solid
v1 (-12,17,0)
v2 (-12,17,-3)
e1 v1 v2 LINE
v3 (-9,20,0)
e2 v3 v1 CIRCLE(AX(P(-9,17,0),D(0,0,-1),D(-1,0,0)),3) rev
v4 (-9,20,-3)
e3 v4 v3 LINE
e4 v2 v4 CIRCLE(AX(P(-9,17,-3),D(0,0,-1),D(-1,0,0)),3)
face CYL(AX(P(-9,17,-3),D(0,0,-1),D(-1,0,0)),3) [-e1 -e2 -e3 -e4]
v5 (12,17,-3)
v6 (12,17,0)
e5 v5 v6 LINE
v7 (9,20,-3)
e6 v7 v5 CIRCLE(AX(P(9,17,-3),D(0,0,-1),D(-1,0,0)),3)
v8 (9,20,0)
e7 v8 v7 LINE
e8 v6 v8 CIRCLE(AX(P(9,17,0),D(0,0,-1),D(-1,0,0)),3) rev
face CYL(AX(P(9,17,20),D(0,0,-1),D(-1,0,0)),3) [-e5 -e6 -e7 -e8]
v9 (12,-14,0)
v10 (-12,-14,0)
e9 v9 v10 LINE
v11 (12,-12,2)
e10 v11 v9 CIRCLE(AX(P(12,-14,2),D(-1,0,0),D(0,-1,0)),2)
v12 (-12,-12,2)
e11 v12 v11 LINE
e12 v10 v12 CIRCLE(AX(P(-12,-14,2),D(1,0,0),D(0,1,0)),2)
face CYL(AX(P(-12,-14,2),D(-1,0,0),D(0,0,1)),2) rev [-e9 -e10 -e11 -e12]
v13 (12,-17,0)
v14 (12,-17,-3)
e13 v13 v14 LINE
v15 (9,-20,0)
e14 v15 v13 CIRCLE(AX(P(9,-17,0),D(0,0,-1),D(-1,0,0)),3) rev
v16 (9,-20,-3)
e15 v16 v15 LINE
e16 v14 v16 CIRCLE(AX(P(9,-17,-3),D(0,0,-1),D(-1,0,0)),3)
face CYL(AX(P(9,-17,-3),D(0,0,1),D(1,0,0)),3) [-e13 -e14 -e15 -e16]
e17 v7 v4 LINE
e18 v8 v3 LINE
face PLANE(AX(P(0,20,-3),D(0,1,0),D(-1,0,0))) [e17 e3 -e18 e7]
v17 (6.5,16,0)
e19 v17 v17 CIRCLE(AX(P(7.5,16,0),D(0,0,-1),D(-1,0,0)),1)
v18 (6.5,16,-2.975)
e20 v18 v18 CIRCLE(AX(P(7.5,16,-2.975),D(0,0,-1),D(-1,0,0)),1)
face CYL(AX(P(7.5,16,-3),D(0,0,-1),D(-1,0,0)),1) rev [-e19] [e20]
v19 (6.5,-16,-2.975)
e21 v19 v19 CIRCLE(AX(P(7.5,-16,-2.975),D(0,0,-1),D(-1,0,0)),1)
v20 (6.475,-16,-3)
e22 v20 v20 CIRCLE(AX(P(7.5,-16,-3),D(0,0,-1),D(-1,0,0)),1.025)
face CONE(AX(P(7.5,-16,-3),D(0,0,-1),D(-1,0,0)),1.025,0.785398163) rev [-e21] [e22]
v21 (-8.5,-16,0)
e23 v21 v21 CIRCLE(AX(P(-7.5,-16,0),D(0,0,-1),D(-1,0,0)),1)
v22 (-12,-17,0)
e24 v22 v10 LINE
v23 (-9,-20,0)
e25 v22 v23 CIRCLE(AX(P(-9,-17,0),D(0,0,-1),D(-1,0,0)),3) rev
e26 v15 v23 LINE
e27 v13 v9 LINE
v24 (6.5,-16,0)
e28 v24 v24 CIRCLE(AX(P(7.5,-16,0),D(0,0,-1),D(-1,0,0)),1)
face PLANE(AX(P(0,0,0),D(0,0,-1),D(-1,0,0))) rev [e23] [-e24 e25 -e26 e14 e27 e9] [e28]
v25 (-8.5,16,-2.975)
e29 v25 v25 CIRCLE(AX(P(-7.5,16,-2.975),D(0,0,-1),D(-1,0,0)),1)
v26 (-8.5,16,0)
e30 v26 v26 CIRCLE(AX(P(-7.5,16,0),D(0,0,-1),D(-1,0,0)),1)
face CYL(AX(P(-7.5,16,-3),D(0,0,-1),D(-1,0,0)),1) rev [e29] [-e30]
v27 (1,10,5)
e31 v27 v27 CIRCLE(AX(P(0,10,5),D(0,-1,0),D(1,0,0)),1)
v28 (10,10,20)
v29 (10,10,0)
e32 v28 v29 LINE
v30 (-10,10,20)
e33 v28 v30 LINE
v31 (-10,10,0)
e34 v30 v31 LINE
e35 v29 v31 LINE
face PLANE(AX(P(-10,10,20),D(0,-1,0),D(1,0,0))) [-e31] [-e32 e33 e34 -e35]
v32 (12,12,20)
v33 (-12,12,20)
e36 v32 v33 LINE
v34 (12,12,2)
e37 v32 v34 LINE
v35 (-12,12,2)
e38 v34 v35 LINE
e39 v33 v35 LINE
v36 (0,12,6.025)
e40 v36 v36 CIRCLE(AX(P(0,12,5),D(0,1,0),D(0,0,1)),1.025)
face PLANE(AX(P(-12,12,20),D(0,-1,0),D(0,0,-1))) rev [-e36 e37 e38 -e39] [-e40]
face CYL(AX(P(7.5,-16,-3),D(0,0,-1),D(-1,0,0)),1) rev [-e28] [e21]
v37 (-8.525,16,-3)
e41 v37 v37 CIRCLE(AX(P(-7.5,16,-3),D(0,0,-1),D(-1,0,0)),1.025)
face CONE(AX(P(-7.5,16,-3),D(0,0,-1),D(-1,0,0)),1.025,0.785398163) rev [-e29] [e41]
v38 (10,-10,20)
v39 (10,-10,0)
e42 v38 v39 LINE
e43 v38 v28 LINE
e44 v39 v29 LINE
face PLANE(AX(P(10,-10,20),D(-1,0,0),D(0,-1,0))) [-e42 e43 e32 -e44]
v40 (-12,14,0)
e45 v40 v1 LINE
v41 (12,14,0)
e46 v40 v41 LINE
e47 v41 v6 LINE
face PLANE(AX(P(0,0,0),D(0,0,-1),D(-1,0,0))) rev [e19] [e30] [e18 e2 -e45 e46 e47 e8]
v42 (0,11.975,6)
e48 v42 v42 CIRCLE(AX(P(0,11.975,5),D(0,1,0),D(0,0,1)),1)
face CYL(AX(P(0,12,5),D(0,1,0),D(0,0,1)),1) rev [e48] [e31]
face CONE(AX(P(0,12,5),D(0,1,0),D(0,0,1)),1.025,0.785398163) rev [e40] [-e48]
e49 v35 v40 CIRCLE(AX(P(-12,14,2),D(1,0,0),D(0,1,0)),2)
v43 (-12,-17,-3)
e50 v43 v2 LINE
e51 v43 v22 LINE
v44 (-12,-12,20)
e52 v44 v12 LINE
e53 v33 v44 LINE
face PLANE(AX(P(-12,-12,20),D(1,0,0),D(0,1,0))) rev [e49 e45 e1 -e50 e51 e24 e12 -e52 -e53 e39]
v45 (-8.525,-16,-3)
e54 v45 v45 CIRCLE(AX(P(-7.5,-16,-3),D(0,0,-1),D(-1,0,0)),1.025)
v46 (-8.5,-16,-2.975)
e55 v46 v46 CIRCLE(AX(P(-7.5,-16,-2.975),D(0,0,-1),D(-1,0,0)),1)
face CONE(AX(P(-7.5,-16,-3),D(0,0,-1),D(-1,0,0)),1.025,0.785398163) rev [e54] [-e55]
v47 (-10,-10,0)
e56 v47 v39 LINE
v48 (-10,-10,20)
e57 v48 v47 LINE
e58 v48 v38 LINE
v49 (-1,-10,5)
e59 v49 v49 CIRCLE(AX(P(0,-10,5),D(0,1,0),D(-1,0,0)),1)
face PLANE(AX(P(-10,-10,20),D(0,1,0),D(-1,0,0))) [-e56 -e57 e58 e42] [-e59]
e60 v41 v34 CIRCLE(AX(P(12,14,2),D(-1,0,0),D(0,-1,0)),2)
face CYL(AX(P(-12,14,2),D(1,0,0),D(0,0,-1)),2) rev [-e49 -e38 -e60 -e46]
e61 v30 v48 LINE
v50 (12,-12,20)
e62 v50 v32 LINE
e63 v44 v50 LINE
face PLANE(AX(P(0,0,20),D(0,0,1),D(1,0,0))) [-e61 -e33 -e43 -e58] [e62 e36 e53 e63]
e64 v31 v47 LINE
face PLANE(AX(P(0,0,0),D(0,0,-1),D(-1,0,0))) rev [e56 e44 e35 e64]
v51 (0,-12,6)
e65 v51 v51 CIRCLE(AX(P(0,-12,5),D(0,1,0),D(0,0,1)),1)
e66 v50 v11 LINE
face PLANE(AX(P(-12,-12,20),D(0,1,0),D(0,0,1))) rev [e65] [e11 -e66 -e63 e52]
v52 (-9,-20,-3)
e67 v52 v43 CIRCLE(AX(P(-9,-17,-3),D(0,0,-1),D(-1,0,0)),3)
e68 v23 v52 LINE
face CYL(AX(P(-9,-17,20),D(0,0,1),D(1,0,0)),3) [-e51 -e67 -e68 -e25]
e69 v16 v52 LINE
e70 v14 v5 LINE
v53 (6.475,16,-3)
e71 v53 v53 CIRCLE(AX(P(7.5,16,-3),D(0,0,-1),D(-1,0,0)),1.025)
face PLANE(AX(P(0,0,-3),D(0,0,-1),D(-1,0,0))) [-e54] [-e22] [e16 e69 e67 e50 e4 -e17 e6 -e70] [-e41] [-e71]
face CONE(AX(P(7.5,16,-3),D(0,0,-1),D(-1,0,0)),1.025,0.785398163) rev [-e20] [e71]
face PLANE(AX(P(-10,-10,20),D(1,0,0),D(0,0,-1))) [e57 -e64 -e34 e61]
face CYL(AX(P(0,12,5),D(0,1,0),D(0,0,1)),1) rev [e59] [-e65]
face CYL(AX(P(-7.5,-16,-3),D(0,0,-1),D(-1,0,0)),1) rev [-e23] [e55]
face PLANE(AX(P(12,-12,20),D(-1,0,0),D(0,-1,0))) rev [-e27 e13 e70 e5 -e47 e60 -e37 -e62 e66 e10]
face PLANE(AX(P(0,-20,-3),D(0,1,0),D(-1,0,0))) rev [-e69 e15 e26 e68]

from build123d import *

# Parameters (mm, degrees)
SKETCH1_W                       = 24
SKETCH1_H                       = 24
SKETCH1_W_2                     = 20
SKETCH1_H_2                     = 20
BOSS_EXTRUDE1_DEPTH             = 20
SKETCH2_W                       = 24
SKETCH2_H                       = 8
SKETCH2_H_2                     = 24
SKETCH2_W_2                     = 20
SKETCH2_H_3                     = 20
BOSS_EXTRUDE2_DEPTH             = 3
F_2_0MM_DOWEL_HOLE1_D           = 2
F_2_0MM_DOWEL_HOLE1_CSINK_D     = 2.05
F_2_0MM_DOWEL_HOLE1_CSINK_ANGLE = 90
F_2_0MM_DOWEL_HOLE2_D           = 2
F_2_0MM_DOWEL_HOLE2_CSINK_D     = 2.05
F_2_0MM_DOWEL_HOLE2_CSINK_ANGLE = 90
FILLET1_R                       = 3
FILLET2_R                       = 2


with BuildPart() as part:
    # Sketch1 → Boss-Extrude1 (new body)
    with BuildSketch(Plane(origin=(0, 0, 0), x_dir=(0, 1, 0), z_dir=(0, 0, 1))):
        Rectangle(SKETCH1_W, SKETCH1_H)
        Rectangle(SKETCH1_W_2, SKETCH1_H_2, mode=Mode.SUBTRACT)
    extrude(amount=BOSS_EXTRUDE1_DEPTH)

    # Sketch2 → Boss-Extrude2 (add)
    # profile 1 of 4: a face of its own
    with BuildSketch(Plane(origin=(0, 0, 0), x_dir=(1, 0, 0), z_dir=(0, 0, -1))):
        with Locations((0, 16)):
            Rectangle(SKETCH2_W, SKETCH2_H)
    # profile 2 of 4: a face of its own
    with BuildSketch(Plane(origin=(0, 0, 0), x_dir=(1, 0, 0), z_dir=(0, 0, -1))):
        with Locations((0, -16)):
            Rectangle(SKETCH2_W, SKETCH2_H)
    # profile 3 of 4: a face of its own
    with BuildSketch(Plane(origin=(0, 0, 0), x_dir=(1, 0, 0), z_dir=(0, 0, -1))):
        Rectangle(SKETCH2_W, SKETCH2_H_2)
        Rectangle(SKETCH2_W_2, SKETCH2_H_3, mode=Mode.SUBTRACT)
    # profile 4 of 4: a face of its own
    with BuildSketch(Plane(origin=(0, 0, 0), x_dir=(1, 0, 0), z_dir=(0, 0, -1))):
        Rectangle(SKETCH2_W_2, SKETCH2_H_3)
    extrude(amount=BOSS_EXTRUDE2_DEPTH)

    # Ø2.0mm Dowel Hole1 (through all)
    with Locations(Plane(origin=(0, 0, -3), x_dir=(1, 0, 0), z_dir=(0, 0, -1))):
        with Locations((7.5, -16), (-27.524465522, 46.822395407), (-7.5, 16), (7.5, 16), (-7.5, -16)):
            CounterSinkHole(F_2_0MM_DOWEL_HOLE1_D / 2, F_2_0MM_DOWEL_HOLE1_CSINK_D / 2, counter_sink_angle=F_2_0MM_DOWEL_HOLE1_CSINK_ANGLE)

    # Ø2.0mm Dowel Hole2 (through all)
    with Locations(Plane(origin=(0, 12, 0), x_dir=(-1, 0, 0), z_dir=(0, 1, 0))):
        with Locations((0, 5)):
            CounterSinkHole(F_2_0MM_DOWEL_HOLE2_D / 2, F_2_0MM_DOWEL_HOLE2_CSINK_D / 2, counter_sink_angle=F_2_0MM_DOWEL_HOLE2_CSINK_ANGLE)

    # Fillet1
    fillet1_edges = [part.edges().sort_by_distance(p)[0] for p in [
        (12, -20, -1.5),
        (-12, -20, -1.5),
        (-12, 20, -1.5),
        (12, 20, -1.5),
    ]]
    fillet(fillet1_edges, radius=FILLET1_R)

    # Fillet2
    fillet2_edges = [part.edges().sort_by_distance(p)[0] for p in [
        (0, 12, 0),
        (0, -12, 0),
    ]]
    fillet(fillet2_edges, radius=FILLET2_R)


solid = part.part
